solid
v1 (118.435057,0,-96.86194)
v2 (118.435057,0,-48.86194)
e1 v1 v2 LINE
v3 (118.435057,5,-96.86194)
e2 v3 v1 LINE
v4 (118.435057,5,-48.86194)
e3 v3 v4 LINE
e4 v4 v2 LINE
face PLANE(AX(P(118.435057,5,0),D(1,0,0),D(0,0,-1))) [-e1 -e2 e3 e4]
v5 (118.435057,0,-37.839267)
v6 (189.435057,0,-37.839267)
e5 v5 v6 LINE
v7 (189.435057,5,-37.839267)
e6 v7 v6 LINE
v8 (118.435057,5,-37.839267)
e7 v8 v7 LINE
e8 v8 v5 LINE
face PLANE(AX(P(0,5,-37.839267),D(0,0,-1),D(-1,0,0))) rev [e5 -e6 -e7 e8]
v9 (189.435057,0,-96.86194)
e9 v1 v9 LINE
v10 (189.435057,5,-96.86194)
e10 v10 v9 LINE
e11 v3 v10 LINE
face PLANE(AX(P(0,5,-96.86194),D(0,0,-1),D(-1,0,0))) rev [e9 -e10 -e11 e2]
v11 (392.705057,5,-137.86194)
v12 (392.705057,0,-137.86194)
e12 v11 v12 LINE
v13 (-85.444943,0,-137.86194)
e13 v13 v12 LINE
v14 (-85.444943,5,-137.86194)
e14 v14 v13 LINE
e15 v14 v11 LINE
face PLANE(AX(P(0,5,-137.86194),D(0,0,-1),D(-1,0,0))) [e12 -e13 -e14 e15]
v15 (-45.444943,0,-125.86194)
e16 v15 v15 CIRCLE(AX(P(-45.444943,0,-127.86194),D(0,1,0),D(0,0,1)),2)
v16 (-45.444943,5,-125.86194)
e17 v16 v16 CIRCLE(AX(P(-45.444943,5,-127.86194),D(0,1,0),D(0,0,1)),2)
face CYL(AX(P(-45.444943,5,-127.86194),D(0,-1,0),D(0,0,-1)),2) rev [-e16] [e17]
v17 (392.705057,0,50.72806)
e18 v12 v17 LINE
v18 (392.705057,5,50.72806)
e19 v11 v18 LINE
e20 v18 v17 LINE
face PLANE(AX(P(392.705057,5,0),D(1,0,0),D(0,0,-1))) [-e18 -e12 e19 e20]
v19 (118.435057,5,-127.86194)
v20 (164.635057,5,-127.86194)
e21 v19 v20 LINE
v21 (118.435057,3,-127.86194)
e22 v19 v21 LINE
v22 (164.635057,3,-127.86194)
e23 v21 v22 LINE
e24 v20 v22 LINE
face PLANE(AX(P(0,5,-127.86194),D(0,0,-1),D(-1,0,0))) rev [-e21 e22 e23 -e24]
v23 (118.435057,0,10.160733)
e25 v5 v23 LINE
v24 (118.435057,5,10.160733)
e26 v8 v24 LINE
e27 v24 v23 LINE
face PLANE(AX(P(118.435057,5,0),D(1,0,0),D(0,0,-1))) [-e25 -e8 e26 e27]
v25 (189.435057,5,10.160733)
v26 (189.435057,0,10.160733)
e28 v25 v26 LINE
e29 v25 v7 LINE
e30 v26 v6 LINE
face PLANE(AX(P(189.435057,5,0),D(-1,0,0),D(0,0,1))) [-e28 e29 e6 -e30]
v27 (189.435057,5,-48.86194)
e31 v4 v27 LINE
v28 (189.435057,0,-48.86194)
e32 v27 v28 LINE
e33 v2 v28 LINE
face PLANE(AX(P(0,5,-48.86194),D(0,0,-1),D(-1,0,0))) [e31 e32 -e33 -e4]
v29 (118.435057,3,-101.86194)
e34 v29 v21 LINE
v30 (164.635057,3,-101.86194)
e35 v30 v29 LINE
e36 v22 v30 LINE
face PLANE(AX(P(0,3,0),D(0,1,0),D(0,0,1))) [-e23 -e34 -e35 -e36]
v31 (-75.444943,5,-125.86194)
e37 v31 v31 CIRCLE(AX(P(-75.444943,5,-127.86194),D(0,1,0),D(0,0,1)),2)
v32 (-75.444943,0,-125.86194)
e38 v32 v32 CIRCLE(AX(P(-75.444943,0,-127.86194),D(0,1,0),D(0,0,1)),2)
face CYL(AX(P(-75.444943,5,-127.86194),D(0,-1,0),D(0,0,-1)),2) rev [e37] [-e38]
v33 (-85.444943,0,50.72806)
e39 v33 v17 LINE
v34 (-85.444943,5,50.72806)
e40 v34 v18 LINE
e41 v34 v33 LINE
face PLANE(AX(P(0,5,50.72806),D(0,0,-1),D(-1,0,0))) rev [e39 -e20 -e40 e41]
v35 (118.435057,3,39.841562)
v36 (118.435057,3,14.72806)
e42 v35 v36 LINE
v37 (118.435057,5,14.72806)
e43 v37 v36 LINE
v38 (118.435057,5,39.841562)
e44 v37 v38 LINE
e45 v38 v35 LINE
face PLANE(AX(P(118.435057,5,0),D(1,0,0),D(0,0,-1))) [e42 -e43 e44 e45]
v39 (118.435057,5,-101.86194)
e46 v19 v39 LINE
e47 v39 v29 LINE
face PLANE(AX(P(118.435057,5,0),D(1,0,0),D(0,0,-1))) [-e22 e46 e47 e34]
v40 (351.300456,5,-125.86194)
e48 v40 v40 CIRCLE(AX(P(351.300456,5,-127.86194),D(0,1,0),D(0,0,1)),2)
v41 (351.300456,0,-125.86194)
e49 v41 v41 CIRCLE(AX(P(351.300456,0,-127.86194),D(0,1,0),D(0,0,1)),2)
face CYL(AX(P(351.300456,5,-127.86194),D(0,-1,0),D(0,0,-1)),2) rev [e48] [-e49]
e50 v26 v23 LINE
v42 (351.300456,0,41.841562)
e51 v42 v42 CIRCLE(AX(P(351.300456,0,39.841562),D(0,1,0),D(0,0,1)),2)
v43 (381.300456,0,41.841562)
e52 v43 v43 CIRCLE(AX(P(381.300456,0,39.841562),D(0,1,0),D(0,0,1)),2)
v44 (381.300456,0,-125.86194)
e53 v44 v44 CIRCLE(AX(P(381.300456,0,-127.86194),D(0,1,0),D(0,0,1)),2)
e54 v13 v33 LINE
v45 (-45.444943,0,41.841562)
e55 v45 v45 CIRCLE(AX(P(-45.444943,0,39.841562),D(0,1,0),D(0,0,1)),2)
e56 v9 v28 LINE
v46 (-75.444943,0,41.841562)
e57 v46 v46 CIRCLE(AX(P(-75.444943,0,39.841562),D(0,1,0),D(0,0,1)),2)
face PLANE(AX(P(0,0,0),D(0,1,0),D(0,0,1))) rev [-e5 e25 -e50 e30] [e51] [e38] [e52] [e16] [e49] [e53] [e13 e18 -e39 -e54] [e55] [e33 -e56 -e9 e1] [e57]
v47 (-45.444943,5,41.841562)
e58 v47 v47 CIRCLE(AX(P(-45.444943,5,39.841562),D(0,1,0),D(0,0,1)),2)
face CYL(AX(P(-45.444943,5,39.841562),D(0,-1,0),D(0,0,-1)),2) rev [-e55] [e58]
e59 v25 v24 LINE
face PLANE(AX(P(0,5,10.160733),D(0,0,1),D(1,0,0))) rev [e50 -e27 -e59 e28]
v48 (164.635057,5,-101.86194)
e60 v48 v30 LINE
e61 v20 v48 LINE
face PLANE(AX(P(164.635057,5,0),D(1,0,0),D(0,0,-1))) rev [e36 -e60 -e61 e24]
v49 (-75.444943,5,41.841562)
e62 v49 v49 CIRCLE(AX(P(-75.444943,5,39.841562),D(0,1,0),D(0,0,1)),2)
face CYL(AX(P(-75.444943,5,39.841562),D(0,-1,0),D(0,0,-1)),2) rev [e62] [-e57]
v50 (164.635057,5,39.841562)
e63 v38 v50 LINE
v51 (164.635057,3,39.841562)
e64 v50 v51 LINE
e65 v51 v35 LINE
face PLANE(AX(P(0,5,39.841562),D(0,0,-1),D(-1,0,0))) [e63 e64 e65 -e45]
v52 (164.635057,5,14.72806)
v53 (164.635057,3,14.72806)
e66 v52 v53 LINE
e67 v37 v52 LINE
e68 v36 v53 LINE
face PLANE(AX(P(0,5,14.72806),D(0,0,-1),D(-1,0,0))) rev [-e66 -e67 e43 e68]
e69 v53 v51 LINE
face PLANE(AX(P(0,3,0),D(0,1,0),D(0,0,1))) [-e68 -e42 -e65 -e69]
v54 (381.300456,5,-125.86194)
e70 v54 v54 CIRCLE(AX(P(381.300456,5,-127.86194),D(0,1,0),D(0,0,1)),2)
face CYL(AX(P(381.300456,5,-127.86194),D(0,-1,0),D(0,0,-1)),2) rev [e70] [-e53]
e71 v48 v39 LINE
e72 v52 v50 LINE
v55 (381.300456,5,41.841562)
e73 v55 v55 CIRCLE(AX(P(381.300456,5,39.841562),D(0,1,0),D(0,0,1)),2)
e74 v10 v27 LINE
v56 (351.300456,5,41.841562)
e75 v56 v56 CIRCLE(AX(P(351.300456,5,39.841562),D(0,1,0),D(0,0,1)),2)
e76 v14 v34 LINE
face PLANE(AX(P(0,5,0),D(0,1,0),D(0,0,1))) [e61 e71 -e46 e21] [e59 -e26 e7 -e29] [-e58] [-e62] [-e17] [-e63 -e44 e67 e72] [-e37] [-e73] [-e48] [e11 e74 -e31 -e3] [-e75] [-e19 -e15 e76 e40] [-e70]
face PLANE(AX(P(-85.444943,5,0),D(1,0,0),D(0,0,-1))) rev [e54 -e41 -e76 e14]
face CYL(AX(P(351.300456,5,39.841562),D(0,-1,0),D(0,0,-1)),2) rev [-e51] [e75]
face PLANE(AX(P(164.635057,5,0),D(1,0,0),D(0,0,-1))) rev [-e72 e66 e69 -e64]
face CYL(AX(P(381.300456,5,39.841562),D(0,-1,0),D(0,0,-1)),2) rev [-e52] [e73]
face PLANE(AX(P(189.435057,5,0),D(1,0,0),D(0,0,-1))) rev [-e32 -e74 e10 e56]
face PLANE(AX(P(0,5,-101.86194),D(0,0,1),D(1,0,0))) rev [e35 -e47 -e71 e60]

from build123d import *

# Parameters (mm, degrees)
ESQUISSE2_W        = 46.2
ESQUISSE2_H        = 5
ESQUISSE2_H_2      = 8
ESQUISSE2_H_3      = 8.88649877
ESQUISSE2_H_4      = 2
ESQUISSE2_H_5      = 4.567327767
BOSS_EXTRU_1_DEPTH = 5
ESQUISSE3_W        = 46.2
ESQUISSE3_H        = 25.11350123
ESQUISSE3_H_2      = 26
BOSS_EXTRU_2_DEPTH = 3


with BuildPart() as part:
    # Esquisse2 → Boss.-Extru.1 (new body)
    with BuildSketch(Plane(origin=(0, 0, 0), x_dir=(1, 0, 0), z_dir=(0, 1, 0))):
        with BuildLine():
            Line((-75.44494324, 137.861939651), (-85.44494324, 137.861939651))
            Line((-85.44494324, 137.861939651), (-85.44494324, 127.861939651))
            Line((-85.44494324, 127.861939651), (-77.44494324, 127.861939651))
            ThreePointArc((-77.44494324, 127.861939651), (-76.859156802, 129.276153213), (-75.44494324, 129.861939651))
            Line((-75.44494324, 129.861939651), (-75.44494324, 137.861939651))
        make_face()
        with BuildLine():
            Line((-77.44494324, 127.861939651), (-85.44494324, 127.861939651))
            Line((-85.44494324, 127.861939651), (-85.44494324, -39.841561579))
            Line((-85.44494324, -39.841561579), (-77.44494324, -39.841561579))
            ThreePointArc((-77.44494324, -39.841561579), (-76.859156802, -38.427348016), (-75.44494324, -37.841561579))
            Line((-75.44494324, -37.841561579), (-75.44494324, 125.861939651))
            ThreePointArc((-75.44494324, 125.861939651), (-76.859156802, 126.447726088), (-77.44494324, 127.861939651))
        make_face()
        with BuildLine():
            Line((-70.44494324, 127.861939651), (-73.44494324, 127.861939651))
            ThreePointArc((-73.44494324, 127.861939651), (-74.030729678, 126.447726088), (-75.44494324, 125.861939651))
            Line((-75.44494324, 125.861939651), (-75.44494324, -37.841561579))
            ThreePointArc((-75.44494324, -37.841561579), (-74.030729678, -38.427348016), (-73.44494324, -39.841561579))
            Line((-73.44494324, -39.841561579), (-70.44494324, -39.841561579))
            Line((-70.44494324, -39.841561579), (-70.44494324, 127.861939651))
        make_face()
        with BuildLine():
            Line((118.43505676, 101.861939651), (118.43505676, 127.861939651))
            Line((118.43505676, 127.861939651), (-43.44494324, 127.861939651))
            ThreePointArc((-43.44494324, 127.861939651), (-45.44494324, 125.861939651), (-47.44494324, 127.861939651))
            Line((-47.44494324, 127.861939651), (-70.44494324, 127.861939651))
            Line((-70.44494324, 127.861939651), (-70.44494324, -39.841561579))
            Line((-70.44494324, -39.841561579), (-47.44494324, -39.841561579))
            ThreePointArc((-47.44494324, -39.841561579), (-45.44494324, -37.841561579), (-43.44494324, -39.841561579))
            Line((-43.44494324, -39.841561579), (118.43505676, -39.841561579))
            Line((118.43505676, -39.841561579), (118.43505676, -35.312608687))
            Line((118.43505676, -35.312608687), (118.43505676, -14.728060349))
            Line((118.43505676, -14.728060349), (118.43505676, -10.160732582))
            Line((118.43505676, -10.160732582), (118.43505676, 33.566939651))
            Line((118.43505676, 33.566939651), (118.43505676, 37.839267418))
            Line((118.43505676, 37.839267418), (118.43505676, 48.861939651))
            Line((118.43505676, 48.861939651), (118.43505676, 53.566939651))
            Line((118.43505676, 53.566939651), (118.43505676, 96.861939651))
            Line((118.43505676, 96.861939651), (118.43505676, 101.861939651))
        make_face()
        with BuildLine():
            Line((-77.44494324, -39.841561579), (-85.44494324, -39.841561579))
            Line((-85.44494324, -39.841561579), (-85.44494324, -50.728060349))
            Line((-85.44494324, -50.728060349), (-75.44494324, -50.728060349))
            Line((-75.44494324, -50.728060349), (-75.44494324, -41.841561579))
            ThreePointArc((-75.44494324, -41.841561579), (-76.859156802, -41.255775141), (-77.44494324, -39.841561579))
        make_face()
        with BuildLine():
            Line((-75.44494324, -41.841561579), (-75.44494324, -50.728060349))
            Line((-75.44494324, -50.728060349), (118.43505676, -50.728060349))
            Line((118.43505676, -50.728060349), (118.43505676, -48.728060349))
            Line((118.43505676, -48.728060349), (118.43505676, -39.841561579))
            Line((118.43505676, -39.841561579), (-43.44494324, -39.841561579))
            ThreePointArc((-43.44494324, -39.841561579), (-45.44494324, -41.841561579), (-47.44494324, -39.841561579))
            Line((-47.44494324, -39.841561579), (-70.44494324, -39.841561579))
            Line((-70.44494324, -39.841561579), (-73.44494324, -39.841561579))
            ThreePointArc((-73.44494324, -39.841561579), (-74.030729678, -41.255775141), (-75.44494324, -41.841561579))
        make_face()
        with BuildLine():
            Line((349.300456076, 127.861939651), (164.63505676, 127.861939651))
            Line((164.63505676, 127.861939651), (164.63505676, 101.861939651))
            Line((164.63505676, 101.861939651), (164.63505676, 96.861939651))
            Line((164.63505676, 96.861939651), (189.43505676, 96.861939651))
            Line((189.43505676, 96.861939651), (189.43505676, 48.861939651))
            Line((189.43505676, 48.861939651), (164.63505676, 48.861939651))
            Line((164.63505676, 48.861939651), (164.63505676, 43.566939651))
            Line((164.63505676, 43.566939651), (164.63505676, 37.839267418))
            Line((164.63505676, 37.839267418), (189.43505676, 37.839267418))
            Line((189.43505676, 37.839267418), (189.43505676, -10.160732582))
            Line((189.43505676, -10.160732582), (164.63505676, -10.160732582))
            Line((164.63505676, -10.160732582), (164.63505676, -14.728060349))
            Line((164.63505676, -14.728060349), (164.63505676, -39.841561579))
            Line((164.63505676, -39.841561579), (349.300456076, -39.841561579))
            ThreePointArc((349.300456076, -39.841561579), (351.300456076, -37.841561579), (353.300456076, -39.841561579))
            Line((353.300456076, -39.841561579), (377.70505676, -39.841561579))
            Line((377.70505676, -39.841561579), (377.70505676, 127.861939651))
            Line((377.70505676, 127.861939651), (353.300456076, 127.861939651))
            ThreePointArc((353.300456076, 127.861939651), (351.300456076, 125.861939651), (349.300456076, 127.861939651))
        make_face()
        with BuildLine():
            Line((381.300456076, 137.861939651), (118.43505676, 137.861939651))
            Line((118.43505676, 137.861939651), (118.43505676, 135.861939651))
            Line((118.43505676, 135.861939651), (164.63505676, 135.861939651))
            Line((164.63505676, 135.861939651), (164.63505676, 127.861939651))
            Line((164.63505676, 127.861939651), (349.300456076, 127.861939651))
            ThreePointArc((349.300456076, 127.861939651), (351.300456076, 129.861939651), (353.300456076, 127.861939651))
            Line((353.300456076, 127.861939651), (377.70505676, 127.861939651))
            Line((377.70505676, 127.861939651), (379.300456076, 127.861939651))
            ThreePointArc((379.300456076, 127.861939651), (379.886242514, 129.276153213), (381.300456076, 129.861939651))
            Line((381.300456076, 129.861939651), (381.300456076, 137.861939651))
        make_face()
        with BuildLine():
            Line((392.70505676, -39.841561579), (392.70505676, 127.861939651))
            Line((392.70505676, 127.861939651), (383.300456076, 127.861939651))
            ThreePointArc((383.300456076, 127.861939651), (382.714669639, 126.447726088), (381.300456076, 125.861939651))
            Line((381.300456076, 125.861939651), (381.300456076, -37.841561579))
            ThreePointArc((381.300456076, -37.841561579), (382.714669639, -38.427348016), (383.300456076, -39.841561579))
            Line((383.300456076, -39.841561579), (392.70505676, -39.841561579))
        make_face()
        with BuildLine():
            Line((392.70505676, 137.861939651), (381.300456076, 137.861939651))
            Line((381.300456076, 137.861939651), (381.300456076, 129.861939651))
            ThreePointArc((381.300456076, 129.861939651), (382.714669639, 129.276153213), (383.300456076, 127.861939651))
            Line((383.300456076, 127.861939651), (392.70505676, 127.861939651))
            Line((392.70505676, 127.861939651), (392.70505676, 137.861939651))
        make_face()
        Polygon((164.63505676, 48.861939651), (118.43505676, 48.861939651), (118.43505676, 37.839267418), (164.63505676, 37.839267418), (164.63505676, 43.566939651), align=None)
        with Locations((141.53505676, 99.361939651)):
            Rectangle(ESQUISSE2_W, ESQUISSE2_H)
        with Locations((141.53505676, 131.861939651)):
            Rectangle(ESQUISSE2_W, ESQUISSE2_H_2)
        with BuildLine():
            Line((118.43505676, 137.861939651), (-75.44494324, 137.861939651))
            Line((-75.44494324, 137.861939651), (-75.44494324, 129.861939651))
            ThreePointArc((-75.44494324, 129.861939651), (-74.030729678, 129.276153213), (-73.44494324, 127.861939651))
            Line((-73.44494324, 127.861939651), (-70.44494324, 127.861939651))
            Line((-70.44494324, 127.861939651), (-47.44494324, 127.861939651))
            ThreePointArc((-47.44494324, 127.861939651), (-45.44494324, 129.861939651), (-43.44494324, 127.861939651))
            Line((-43.44494324, 127.861939651), (118.43505676, 127.861939651))
            Line((118.43505676, 127.861939651), (118.43505676, 135.861939651))
            Line((118.43505676, 135.861939651), (118.43505676, 137.861939651))
        make_face()
        with Locations((141.53505676, -44.284810964)):
            Rectangle(ESQUISSE2_W, ESQUISSE2_H_3)
        with Locations((141.53505676, -49.728060349)):
            Rectangle(ESQUISSE2_W, ESQUISSE2_H_4)
        with BuildLine():
            Line((164.63505676, -48.728060349), (164.63505676, -50.728060349))
            Line((164.63505676, -50.728060349), (377.70505676, -50.728060349))
            Line((377.70505676, -50.728060349), (377.70505676, -39.841561579))
            Line((377.70505676, -39.841561579), (353.300456076, -39.841561579))
            ThreePointArc((353.300456076, -39.841561579), (351.300456076, -41.841561579), (349.300456076, -39.841561579))
            Line((349.300456076, -39.841561579), (164.63505676, -39.841561579))
            Line((164.63505676, -39.841561579), (164.63505676, -48.728060349))
        make_face()
        with Locations((141.53505676, -12.444396466)):
            Rectangle(ESQUISSE2_W, ESQUISSE2_H_5)
        with BuildLine():
            Line((379.300456076, -39.841561579), (377.70505676, -39.841561579))
            Line((377.70505676, -39.841561579), (377.70505676, -50.728060349))
            Line((377.70505676, -50.728060349), (381.300456076, -50.728060349))
            Line((381.300456076, -50.728060349), (381.300456076, -41.841561579))
            ThreePointArc((381.300456076, -41.841561579), (379.886242514, -41.255775141), (379.300456076, -39.841561579))
        make_face()
        with BuildLine():
            Line((392.70505676, -50.728060349), (392.70505676, -39.841561579))
            Line((392.70505676, -39.841561579), (383.300456076, -39.841561579))
            ThreePointArc((383.300456076, -39.841561579), (382.714669639, -41.255775141), (381.300456076, -41.841561579))
            Line((381.300456076, -41.841561579), (381.300456076, -50.728060349))
            Line((381.300456076, -50.728060349), (392.70505676, -50.728060349))
        make_face()
        with BuildLine():
            ThreePointArc((381.300456076, 125.861939651), (379.886242514, 126.447726088), (379.300456076, 127.861939651))
            Line((379.300456076, 127.861939651), (377.70505676, 127.861939651))
            Line((377.70505676, 127.861939651), (377.70505676, -39.841561579))
            Line((377.70505676, -39.841561579), (379.300456076, -39.841561579))
            ThreePointArc((379.300456076, -39.841561579), (379.886242514, -38.427348016), (381.300456076, -37.841561579))
            Line((381.300456076, -37.841561579), (381.300456076, 125.861939651))
        make_face()
    extrude(amount=BOSS_EXTRU_1_DEPTH)

    # Esquisse3 → Boss.-Extru.2 (add)
    with BuildSketch(Plane.XZ):
        with Locations((141.53505676, 27.284810964)):
            Rectangle(ESQUISSE3_W, ESQUISSE3_H)
        with Locations((141.53505676, -114.861939651)):
            Rectangle(ESQUISSE3_W, ESQUISSE3_H_2)
    extrude(amount=-BOSS_EXTRU_2_DEPTH)


solid = part.part
